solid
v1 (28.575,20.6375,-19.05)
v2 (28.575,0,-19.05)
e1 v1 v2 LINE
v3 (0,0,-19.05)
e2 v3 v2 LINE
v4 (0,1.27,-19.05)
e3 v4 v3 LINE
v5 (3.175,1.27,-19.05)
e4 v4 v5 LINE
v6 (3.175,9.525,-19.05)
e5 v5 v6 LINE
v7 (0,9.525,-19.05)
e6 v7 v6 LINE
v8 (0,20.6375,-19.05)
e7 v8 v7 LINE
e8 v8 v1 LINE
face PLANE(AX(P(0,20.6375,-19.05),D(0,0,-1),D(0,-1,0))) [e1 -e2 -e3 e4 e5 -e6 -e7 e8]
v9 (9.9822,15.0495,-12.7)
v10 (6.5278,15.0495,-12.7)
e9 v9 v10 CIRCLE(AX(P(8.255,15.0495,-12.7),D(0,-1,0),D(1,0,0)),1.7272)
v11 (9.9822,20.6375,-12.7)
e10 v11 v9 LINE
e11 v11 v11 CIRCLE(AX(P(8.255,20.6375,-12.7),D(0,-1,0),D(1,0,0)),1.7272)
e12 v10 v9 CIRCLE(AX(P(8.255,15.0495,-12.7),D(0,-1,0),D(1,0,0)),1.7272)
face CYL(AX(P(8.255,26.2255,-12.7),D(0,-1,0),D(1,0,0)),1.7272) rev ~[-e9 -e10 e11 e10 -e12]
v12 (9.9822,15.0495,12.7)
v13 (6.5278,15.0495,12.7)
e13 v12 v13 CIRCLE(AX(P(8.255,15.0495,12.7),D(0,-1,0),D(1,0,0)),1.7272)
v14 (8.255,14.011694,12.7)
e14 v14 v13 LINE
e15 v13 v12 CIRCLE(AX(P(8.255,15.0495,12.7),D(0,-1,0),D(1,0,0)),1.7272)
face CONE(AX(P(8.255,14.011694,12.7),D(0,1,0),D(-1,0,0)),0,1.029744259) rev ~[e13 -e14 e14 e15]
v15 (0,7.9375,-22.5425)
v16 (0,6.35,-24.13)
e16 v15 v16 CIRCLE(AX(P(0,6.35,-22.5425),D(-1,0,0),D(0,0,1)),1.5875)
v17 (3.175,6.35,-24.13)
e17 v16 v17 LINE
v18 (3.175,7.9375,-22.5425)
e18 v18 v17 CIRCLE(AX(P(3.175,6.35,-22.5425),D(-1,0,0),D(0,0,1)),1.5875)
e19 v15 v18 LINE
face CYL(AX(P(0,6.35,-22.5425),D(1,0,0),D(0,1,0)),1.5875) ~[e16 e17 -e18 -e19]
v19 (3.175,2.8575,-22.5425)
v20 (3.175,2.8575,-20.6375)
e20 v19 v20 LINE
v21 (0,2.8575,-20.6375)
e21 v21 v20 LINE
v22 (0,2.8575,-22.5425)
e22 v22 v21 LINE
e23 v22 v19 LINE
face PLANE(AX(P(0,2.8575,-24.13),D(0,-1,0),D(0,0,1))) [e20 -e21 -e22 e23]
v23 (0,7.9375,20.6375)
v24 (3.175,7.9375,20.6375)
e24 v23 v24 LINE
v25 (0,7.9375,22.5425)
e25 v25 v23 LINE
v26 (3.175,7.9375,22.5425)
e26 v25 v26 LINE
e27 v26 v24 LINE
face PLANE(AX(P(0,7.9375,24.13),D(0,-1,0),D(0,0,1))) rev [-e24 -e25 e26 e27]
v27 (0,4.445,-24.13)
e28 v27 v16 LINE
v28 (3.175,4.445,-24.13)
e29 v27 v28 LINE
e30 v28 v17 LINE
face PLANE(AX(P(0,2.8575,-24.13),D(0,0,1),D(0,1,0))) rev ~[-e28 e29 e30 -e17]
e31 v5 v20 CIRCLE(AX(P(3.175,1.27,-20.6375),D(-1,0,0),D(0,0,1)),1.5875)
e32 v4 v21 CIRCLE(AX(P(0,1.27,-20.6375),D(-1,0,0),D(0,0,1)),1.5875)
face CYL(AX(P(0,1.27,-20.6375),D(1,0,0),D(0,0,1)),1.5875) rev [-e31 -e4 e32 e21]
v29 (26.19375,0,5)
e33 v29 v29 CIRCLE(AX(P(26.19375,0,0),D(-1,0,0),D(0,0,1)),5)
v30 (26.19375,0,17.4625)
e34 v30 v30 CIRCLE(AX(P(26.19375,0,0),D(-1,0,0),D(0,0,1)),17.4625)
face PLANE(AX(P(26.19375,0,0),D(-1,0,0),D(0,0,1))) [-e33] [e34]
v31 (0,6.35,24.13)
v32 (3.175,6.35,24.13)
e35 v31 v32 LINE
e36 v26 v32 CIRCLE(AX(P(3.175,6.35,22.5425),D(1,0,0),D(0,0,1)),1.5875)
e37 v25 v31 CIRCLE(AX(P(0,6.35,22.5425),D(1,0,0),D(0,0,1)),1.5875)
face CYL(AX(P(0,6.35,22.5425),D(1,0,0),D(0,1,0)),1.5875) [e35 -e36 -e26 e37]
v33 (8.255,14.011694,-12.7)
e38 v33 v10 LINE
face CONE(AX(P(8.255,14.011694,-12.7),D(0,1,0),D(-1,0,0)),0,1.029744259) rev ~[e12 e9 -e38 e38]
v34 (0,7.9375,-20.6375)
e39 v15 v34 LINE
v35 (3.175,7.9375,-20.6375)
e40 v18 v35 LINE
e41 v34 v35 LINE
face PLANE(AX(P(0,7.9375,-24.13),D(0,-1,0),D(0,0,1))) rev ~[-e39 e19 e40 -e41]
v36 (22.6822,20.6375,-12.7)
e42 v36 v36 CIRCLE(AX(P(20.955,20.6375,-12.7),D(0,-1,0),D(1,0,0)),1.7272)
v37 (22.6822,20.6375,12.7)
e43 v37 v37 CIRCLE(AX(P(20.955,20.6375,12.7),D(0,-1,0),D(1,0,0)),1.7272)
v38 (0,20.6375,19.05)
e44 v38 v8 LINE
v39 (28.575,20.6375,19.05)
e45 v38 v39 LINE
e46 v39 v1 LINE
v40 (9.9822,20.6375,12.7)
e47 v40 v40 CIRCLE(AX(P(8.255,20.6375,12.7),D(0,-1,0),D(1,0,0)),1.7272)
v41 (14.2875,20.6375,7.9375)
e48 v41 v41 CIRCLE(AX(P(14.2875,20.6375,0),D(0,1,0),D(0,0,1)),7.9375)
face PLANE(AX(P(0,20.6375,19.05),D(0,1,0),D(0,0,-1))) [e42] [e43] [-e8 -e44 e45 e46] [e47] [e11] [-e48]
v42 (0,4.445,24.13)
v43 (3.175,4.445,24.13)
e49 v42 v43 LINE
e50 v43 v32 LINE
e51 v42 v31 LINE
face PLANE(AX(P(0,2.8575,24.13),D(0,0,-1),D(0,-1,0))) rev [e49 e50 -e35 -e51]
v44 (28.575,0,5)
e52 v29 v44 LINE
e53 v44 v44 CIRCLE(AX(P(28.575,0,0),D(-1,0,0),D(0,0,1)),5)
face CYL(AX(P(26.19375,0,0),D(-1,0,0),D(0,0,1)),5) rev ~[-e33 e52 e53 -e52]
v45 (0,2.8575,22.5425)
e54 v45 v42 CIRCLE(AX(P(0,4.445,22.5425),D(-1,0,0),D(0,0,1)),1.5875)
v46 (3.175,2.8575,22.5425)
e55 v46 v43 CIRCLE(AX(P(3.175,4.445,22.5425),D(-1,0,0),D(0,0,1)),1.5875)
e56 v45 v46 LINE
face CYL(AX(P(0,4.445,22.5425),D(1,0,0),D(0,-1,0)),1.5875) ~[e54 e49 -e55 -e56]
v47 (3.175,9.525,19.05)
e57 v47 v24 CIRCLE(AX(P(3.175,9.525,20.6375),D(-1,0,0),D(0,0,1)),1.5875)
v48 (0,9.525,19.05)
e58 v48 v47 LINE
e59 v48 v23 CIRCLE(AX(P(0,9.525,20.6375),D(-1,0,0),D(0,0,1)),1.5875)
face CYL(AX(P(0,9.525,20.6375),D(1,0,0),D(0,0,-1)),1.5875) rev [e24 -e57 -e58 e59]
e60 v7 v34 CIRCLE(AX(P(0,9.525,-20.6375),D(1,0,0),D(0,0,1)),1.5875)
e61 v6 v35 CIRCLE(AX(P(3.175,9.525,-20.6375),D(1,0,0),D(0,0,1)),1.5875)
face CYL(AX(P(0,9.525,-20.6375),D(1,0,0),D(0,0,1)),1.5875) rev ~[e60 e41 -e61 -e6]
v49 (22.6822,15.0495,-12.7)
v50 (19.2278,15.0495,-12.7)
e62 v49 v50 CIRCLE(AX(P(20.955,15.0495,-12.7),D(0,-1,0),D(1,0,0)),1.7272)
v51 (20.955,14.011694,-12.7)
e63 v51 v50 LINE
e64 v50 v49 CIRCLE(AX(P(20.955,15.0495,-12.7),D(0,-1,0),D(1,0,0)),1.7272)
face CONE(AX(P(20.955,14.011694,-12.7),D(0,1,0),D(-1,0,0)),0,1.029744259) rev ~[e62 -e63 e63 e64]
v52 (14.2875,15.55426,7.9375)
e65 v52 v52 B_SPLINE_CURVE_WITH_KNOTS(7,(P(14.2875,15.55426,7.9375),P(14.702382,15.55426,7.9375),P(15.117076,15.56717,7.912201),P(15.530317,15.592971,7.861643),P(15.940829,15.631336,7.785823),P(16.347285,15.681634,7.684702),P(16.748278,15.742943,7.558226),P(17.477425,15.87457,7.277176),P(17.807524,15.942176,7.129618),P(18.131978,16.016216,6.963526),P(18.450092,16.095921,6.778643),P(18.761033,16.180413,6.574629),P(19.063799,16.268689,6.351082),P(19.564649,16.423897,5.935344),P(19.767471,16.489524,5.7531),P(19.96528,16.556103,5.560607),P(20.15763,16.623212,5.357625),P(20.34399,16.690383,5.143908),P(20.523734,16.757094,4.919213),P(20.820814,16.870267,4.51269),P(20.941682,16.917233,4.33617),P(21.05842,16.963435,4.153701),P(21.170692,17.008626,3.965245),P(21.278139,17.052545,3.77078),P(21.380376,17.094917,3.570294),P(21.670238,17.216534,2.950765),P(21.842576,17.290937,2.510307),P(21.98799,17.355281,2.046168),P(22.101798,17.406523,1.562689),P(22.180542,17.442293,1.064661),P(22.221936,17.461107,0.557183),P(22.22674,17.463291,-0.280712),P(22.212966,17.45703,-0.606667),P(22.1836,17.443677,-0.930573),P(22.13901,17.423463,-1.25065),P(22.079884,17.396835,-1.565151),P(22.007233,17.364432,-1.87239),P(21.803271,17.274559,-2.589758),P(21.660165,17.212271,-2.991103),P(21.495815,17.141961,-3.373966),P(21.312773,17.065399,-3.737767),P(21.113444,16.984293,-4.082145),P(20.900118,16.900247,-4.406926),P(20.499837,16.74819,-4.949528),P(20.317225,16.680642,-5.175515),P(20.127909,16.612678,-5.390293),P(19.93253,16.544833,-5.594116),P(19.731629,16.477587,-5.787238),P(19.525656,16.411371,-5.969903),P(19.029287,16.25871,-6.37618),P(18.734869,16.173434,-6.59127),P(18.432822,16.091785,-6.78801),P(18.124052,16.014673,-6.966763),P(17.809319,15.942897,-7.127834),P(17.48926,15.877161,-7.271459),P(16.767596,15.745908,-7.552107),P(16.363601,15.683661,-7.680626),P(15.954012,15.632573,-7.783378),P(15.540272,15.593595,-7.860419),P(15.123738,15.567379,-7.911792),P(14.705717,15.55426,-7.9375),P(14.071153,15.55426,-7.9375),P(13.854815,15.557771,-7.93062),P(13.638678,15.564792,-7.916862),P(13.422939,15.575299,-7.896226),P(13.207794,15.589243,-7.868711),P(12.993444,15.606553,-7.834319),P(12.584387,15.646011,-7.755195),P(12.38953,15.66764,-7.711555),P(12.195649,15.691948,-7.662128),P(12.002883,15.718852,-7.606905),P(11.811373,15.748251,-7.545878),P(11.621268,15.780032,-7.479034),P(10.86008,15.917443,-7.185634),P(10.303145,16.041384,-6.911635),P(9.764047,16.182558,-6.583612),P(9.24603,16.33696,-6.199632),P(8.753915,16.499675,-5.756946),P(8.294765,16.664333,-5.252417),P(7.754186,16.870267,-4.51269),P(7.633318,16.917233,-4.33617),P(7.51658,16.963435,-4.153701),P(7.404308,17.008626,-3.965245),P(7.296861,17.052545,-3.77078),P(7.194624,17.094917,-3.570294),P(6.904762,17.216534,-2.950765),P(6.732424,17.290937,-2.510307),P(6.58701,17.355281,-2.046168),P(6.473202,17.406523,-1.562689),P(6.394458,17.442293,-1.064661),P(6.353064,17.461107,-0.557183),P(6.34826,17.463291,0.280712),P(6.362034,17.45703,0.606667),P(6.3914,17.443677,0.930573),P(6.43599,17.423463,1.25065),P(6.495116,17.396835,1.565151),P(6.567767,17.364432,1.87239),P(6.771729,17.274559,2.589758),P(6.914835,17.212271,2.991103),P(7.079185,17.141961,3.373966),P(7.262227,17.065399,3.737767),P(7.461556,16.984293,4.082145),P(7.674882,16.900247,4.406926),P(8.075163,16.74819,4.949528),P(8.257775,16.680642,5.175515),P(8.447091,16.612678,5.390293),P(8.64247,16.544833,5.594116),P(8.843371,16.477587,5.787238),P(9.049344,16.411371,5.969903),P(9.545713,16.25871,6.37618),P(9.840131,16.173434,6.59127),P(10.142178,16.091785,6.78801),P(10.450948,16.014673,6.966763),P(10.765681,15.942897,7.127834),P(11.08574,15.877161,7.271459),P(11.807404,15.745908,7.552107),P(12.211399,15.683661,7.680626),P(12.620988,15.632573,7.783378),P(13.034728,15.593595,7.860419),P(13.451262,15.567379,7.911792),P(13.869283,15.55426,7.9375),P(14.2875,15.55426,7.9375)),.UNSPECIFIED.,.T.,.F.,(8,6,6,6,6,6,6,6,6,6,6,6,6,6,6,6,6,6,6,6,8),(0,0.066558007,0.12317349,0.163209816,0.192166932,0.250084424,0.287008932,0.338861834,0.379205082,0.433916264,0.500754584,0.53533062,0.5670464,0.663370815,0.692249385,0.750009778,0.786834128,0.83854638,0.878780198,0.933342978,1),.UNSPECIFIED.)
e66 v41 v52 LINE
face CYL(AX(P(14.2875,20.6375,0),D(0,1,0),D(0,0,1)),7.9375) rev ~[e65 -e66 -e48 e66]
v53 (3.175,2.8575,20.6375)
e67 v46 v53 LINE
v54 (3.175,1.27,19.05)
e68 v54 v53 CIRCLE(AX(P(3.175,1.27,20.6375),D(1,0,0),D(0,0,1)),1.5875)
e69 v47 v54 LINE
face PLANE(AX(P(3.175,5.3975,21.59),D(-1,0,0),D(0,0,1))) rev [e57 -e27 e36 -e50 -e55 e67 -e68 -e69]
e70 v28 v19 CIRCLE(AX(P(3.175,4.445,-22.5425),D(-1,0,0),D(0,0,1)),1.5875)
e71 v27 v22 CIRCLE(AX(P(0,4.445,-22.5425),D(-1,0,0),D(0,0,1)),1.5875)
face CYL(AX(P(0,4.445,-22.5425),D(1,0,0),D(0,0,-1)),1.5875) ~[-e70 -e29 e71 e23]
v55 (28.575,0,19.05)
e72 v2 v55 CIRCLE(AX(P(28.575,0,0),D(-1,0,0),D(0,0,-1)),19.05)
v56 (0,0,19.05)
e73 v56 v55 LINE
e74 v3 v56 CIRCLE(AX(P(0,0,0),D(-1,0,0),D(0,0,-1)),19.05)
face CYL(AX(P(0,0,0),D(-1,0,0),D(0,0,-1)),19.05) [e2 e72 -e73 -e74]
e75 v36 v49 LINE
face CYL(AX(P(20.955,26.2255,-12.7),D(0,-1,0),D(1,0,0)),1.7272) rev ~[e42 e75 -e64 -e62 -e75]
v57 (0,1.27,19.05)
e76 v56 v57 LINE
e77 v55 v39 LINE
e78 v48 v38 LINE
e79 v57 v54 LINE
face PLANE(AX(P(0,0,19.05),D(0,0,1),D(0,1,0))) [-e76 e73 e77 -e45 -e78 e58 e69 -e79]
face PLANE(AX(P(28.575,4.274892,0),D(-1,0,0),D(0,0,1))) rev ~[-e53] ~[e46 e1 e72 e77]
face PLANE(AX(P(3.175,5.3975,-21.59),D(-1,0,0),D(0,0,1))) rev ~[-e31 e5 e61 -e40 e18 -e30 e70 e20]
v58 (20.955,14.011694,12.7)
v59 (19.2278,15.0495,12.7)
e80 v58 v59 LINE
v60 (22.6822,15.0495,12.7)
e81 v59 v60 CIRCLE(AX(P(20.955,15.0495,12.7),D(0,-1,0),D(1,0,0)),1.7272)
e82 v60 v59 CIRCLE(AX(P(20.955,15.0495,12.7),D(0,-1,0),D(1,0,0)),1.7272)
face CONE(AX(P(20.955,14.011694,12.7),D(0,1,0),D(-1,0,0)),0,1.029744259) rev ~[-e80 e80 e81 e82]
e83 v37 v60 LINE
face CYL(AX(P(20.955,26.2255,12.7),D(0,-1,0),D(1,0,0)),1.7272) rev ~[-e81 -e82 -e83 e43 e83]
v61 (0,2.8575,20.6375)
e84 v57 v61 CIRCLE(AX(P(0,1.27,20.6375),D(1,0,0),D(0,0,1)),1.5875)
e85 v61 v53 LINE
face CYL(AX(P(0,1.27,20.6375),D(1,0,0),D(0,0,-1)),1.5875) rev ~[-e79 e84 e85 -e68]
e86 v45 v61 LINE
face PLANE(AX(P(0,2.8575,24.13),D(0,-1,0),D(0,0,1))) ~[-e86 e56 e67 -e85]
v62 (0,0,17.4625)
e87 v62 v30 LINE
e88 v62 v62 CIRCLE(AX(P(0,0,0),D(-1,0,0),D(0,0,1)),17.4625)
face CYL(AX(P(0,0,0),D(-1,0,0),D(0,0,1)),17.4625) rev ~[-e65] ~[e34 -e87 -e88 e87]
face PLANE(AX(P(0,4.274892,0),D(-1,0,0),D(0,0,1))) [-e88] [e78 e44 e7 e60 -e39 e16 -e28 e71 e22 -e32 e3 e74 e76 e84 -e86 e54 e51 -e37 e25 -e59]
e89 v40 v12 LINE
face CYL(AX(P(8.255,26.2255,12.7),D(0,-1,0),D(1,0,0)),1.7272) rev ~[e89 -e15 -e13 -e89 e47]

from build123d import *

# Parameters (mm, degrees)
BOSS_EXTRUDE1_DEPTH       = 28.575
SKETCH2_R                 = 17.4625
CUT_EXTRUDE1_DEPTH        = 26.19375
SKETCH3_R                 = 5
CUT_EXTRUDE2_DEPTH        = 39.404706031
F_8_32_TAPPED_HOLE1_D     = 3.4544
F_8_32_TAPPED_HOLE1_DEPTH = 5.588
F_8_32_TAPPED_HOLE1_TIP   = 1.037806461
SKETCH6_W                 = 5.08
SKETCH6_H                 = 5.08
BOSS_EXTRUDE2_DEPTH       = 3.175
FILLET1_R                 = 1.5875
CUT_EXTRUDE3_REACH        = 56.533
CUT_EXTRUDE3_END_RADIUS   = 17.4625
SKETCH7_R                 = 7.9375


with BuildPart() as part:
    # Sketch1 → Boss-Extrude1 (new body)
    with BuildSketch(Plane(origin=(0, 0, 0), x_dir=(0, 0, -1), z_dir=(1, 0, 0))):
        with BuildLine():
            Line((-19.05, 0), (-19.05, 20.6375))
            Line((-19.05, 20.6375), (19.05, 20.6375))
            Line((19.05, 20.6375), (19.05, 0))
            ThreePointArc((19.05, 0), (0, -19.05), (-19.05, 0))
        make_face()
    extrude(amount=BOSS_EXTRUDE1_DEPTH)

    # Sketch2 → Cut-Extrude1 (cut)
    with BuildSketch(Plane.ZY):
        Circle(SKETCH2_R)
    extrude(amount=-CUT_EXTRUDE1_DEPTH, mode=Mode.SUBTRACT)

    # Sketch3 → Cut-Extrude2 (cut, through all)
    with BuildSketch(Plane.ZY.offset(-26.19375)):
        Circle(SKETCH3_R)
    extrude(amount=-CUT_EXTRUDE2_DEPTH, mode=Mode.SUBTRACT)

    # #8-32 Tapped Hole1
    with Locations(Plane(origin=(0, 20.6375, 0), x_dir=(-1, 0, 0), z_dir=(0, 1, 0))):
        with Locations((-8.255, 12.7), (-8.255, -12.7), (-20.955, -12.7), (-20.955, 12.7), (-34.258152115, 14.428229267)):
            Hole(F_8_32_TAPPED_HOLE1_D / 2, depth=F_8_32_TAPPED_HOLE1_DEPTH)
            with Locations((0, 0, -(F_8_32_TAPPED_HOLE1_DEPTH + F_8_32_TAPPED_HOLE1_TIP / 2))):  # 118° drill point
                Cone(0, F_8_32_TAPPED_HOLE1_D / 2, F_8_32_TAPPED_HOLE1_TIP, mode=Mode.SUBTRACT)

    # Sketch6 → Boss-Extrude2 (add)
    with BuildSketch(Plane.ZY):
        with Locations((-21.59, 5.3975)):
            Rectangle(SKETCH6_W, SKETCH6_H)
    boss_extrude2 = extrude(amount=-BOSS_EXTRUDE2_DEPTH)

    # Mirror1: Boss-Extrude2 across plane
    add(boss_extrude2.mirror(Plane.XY))

    # Fillet1
    fillet1_edges = [part.edges().sort_by_distance(p)[0] for p in [
        (1.5875, 7.9375, -19.05),
        (1.5875, 2.8575, -19.05),
        (1.5875, 2.8575, -24.13),
        (1.5875, 7.9375, -24.13),
        (1.5875, 2.8575, 19.05),
        (1.5875, 7.9375, 19.05),
        (1.5875, 7.9375, 24.13),
        (1.5875, 2.8575, 24.13),
    ]]
    fillet(fillet1_edges, radius=FILLET1_R)

    # Cut-Extrude3: up to this cylinder (the profile starts outside it)
    cut_extrude3_end = Plane(origin=(14.2875, 0, 0), z_dir=(-1, 0, 0)) * Cylinder(CUT_EXTRUDE3_END_RADIUS, 148.991, mode=Mode.PRIVATE)
    # Sketch7 → Cut-Extrude3 (cut, up to the surface)
    with BuildSketch(Plane(origin=(0, 20.6375, 0), x_dir=(1, 0, 0), z_dir=(0, 1, 0)), mode=Mode.PRIVATE) as cut_extrude3_sk1:
        with Locations(Location((14.2875, 0, 0), (0, 0, 270))):
            Circle(SKETCH7_R)
    cut_extrude3_tool1 = extrude(cut_extrude3_sk1.sketch, amount=-CUT_EXTRUDE3_REACH, mode=Mode.PRIVATE) - cut_extrude3_end
    add(cut_extrude3_tool1.solids().sort_by_distance((14.2875, 20.6375, 0))[0], mode=Mode.SUBTRACT)


solid = part.part
